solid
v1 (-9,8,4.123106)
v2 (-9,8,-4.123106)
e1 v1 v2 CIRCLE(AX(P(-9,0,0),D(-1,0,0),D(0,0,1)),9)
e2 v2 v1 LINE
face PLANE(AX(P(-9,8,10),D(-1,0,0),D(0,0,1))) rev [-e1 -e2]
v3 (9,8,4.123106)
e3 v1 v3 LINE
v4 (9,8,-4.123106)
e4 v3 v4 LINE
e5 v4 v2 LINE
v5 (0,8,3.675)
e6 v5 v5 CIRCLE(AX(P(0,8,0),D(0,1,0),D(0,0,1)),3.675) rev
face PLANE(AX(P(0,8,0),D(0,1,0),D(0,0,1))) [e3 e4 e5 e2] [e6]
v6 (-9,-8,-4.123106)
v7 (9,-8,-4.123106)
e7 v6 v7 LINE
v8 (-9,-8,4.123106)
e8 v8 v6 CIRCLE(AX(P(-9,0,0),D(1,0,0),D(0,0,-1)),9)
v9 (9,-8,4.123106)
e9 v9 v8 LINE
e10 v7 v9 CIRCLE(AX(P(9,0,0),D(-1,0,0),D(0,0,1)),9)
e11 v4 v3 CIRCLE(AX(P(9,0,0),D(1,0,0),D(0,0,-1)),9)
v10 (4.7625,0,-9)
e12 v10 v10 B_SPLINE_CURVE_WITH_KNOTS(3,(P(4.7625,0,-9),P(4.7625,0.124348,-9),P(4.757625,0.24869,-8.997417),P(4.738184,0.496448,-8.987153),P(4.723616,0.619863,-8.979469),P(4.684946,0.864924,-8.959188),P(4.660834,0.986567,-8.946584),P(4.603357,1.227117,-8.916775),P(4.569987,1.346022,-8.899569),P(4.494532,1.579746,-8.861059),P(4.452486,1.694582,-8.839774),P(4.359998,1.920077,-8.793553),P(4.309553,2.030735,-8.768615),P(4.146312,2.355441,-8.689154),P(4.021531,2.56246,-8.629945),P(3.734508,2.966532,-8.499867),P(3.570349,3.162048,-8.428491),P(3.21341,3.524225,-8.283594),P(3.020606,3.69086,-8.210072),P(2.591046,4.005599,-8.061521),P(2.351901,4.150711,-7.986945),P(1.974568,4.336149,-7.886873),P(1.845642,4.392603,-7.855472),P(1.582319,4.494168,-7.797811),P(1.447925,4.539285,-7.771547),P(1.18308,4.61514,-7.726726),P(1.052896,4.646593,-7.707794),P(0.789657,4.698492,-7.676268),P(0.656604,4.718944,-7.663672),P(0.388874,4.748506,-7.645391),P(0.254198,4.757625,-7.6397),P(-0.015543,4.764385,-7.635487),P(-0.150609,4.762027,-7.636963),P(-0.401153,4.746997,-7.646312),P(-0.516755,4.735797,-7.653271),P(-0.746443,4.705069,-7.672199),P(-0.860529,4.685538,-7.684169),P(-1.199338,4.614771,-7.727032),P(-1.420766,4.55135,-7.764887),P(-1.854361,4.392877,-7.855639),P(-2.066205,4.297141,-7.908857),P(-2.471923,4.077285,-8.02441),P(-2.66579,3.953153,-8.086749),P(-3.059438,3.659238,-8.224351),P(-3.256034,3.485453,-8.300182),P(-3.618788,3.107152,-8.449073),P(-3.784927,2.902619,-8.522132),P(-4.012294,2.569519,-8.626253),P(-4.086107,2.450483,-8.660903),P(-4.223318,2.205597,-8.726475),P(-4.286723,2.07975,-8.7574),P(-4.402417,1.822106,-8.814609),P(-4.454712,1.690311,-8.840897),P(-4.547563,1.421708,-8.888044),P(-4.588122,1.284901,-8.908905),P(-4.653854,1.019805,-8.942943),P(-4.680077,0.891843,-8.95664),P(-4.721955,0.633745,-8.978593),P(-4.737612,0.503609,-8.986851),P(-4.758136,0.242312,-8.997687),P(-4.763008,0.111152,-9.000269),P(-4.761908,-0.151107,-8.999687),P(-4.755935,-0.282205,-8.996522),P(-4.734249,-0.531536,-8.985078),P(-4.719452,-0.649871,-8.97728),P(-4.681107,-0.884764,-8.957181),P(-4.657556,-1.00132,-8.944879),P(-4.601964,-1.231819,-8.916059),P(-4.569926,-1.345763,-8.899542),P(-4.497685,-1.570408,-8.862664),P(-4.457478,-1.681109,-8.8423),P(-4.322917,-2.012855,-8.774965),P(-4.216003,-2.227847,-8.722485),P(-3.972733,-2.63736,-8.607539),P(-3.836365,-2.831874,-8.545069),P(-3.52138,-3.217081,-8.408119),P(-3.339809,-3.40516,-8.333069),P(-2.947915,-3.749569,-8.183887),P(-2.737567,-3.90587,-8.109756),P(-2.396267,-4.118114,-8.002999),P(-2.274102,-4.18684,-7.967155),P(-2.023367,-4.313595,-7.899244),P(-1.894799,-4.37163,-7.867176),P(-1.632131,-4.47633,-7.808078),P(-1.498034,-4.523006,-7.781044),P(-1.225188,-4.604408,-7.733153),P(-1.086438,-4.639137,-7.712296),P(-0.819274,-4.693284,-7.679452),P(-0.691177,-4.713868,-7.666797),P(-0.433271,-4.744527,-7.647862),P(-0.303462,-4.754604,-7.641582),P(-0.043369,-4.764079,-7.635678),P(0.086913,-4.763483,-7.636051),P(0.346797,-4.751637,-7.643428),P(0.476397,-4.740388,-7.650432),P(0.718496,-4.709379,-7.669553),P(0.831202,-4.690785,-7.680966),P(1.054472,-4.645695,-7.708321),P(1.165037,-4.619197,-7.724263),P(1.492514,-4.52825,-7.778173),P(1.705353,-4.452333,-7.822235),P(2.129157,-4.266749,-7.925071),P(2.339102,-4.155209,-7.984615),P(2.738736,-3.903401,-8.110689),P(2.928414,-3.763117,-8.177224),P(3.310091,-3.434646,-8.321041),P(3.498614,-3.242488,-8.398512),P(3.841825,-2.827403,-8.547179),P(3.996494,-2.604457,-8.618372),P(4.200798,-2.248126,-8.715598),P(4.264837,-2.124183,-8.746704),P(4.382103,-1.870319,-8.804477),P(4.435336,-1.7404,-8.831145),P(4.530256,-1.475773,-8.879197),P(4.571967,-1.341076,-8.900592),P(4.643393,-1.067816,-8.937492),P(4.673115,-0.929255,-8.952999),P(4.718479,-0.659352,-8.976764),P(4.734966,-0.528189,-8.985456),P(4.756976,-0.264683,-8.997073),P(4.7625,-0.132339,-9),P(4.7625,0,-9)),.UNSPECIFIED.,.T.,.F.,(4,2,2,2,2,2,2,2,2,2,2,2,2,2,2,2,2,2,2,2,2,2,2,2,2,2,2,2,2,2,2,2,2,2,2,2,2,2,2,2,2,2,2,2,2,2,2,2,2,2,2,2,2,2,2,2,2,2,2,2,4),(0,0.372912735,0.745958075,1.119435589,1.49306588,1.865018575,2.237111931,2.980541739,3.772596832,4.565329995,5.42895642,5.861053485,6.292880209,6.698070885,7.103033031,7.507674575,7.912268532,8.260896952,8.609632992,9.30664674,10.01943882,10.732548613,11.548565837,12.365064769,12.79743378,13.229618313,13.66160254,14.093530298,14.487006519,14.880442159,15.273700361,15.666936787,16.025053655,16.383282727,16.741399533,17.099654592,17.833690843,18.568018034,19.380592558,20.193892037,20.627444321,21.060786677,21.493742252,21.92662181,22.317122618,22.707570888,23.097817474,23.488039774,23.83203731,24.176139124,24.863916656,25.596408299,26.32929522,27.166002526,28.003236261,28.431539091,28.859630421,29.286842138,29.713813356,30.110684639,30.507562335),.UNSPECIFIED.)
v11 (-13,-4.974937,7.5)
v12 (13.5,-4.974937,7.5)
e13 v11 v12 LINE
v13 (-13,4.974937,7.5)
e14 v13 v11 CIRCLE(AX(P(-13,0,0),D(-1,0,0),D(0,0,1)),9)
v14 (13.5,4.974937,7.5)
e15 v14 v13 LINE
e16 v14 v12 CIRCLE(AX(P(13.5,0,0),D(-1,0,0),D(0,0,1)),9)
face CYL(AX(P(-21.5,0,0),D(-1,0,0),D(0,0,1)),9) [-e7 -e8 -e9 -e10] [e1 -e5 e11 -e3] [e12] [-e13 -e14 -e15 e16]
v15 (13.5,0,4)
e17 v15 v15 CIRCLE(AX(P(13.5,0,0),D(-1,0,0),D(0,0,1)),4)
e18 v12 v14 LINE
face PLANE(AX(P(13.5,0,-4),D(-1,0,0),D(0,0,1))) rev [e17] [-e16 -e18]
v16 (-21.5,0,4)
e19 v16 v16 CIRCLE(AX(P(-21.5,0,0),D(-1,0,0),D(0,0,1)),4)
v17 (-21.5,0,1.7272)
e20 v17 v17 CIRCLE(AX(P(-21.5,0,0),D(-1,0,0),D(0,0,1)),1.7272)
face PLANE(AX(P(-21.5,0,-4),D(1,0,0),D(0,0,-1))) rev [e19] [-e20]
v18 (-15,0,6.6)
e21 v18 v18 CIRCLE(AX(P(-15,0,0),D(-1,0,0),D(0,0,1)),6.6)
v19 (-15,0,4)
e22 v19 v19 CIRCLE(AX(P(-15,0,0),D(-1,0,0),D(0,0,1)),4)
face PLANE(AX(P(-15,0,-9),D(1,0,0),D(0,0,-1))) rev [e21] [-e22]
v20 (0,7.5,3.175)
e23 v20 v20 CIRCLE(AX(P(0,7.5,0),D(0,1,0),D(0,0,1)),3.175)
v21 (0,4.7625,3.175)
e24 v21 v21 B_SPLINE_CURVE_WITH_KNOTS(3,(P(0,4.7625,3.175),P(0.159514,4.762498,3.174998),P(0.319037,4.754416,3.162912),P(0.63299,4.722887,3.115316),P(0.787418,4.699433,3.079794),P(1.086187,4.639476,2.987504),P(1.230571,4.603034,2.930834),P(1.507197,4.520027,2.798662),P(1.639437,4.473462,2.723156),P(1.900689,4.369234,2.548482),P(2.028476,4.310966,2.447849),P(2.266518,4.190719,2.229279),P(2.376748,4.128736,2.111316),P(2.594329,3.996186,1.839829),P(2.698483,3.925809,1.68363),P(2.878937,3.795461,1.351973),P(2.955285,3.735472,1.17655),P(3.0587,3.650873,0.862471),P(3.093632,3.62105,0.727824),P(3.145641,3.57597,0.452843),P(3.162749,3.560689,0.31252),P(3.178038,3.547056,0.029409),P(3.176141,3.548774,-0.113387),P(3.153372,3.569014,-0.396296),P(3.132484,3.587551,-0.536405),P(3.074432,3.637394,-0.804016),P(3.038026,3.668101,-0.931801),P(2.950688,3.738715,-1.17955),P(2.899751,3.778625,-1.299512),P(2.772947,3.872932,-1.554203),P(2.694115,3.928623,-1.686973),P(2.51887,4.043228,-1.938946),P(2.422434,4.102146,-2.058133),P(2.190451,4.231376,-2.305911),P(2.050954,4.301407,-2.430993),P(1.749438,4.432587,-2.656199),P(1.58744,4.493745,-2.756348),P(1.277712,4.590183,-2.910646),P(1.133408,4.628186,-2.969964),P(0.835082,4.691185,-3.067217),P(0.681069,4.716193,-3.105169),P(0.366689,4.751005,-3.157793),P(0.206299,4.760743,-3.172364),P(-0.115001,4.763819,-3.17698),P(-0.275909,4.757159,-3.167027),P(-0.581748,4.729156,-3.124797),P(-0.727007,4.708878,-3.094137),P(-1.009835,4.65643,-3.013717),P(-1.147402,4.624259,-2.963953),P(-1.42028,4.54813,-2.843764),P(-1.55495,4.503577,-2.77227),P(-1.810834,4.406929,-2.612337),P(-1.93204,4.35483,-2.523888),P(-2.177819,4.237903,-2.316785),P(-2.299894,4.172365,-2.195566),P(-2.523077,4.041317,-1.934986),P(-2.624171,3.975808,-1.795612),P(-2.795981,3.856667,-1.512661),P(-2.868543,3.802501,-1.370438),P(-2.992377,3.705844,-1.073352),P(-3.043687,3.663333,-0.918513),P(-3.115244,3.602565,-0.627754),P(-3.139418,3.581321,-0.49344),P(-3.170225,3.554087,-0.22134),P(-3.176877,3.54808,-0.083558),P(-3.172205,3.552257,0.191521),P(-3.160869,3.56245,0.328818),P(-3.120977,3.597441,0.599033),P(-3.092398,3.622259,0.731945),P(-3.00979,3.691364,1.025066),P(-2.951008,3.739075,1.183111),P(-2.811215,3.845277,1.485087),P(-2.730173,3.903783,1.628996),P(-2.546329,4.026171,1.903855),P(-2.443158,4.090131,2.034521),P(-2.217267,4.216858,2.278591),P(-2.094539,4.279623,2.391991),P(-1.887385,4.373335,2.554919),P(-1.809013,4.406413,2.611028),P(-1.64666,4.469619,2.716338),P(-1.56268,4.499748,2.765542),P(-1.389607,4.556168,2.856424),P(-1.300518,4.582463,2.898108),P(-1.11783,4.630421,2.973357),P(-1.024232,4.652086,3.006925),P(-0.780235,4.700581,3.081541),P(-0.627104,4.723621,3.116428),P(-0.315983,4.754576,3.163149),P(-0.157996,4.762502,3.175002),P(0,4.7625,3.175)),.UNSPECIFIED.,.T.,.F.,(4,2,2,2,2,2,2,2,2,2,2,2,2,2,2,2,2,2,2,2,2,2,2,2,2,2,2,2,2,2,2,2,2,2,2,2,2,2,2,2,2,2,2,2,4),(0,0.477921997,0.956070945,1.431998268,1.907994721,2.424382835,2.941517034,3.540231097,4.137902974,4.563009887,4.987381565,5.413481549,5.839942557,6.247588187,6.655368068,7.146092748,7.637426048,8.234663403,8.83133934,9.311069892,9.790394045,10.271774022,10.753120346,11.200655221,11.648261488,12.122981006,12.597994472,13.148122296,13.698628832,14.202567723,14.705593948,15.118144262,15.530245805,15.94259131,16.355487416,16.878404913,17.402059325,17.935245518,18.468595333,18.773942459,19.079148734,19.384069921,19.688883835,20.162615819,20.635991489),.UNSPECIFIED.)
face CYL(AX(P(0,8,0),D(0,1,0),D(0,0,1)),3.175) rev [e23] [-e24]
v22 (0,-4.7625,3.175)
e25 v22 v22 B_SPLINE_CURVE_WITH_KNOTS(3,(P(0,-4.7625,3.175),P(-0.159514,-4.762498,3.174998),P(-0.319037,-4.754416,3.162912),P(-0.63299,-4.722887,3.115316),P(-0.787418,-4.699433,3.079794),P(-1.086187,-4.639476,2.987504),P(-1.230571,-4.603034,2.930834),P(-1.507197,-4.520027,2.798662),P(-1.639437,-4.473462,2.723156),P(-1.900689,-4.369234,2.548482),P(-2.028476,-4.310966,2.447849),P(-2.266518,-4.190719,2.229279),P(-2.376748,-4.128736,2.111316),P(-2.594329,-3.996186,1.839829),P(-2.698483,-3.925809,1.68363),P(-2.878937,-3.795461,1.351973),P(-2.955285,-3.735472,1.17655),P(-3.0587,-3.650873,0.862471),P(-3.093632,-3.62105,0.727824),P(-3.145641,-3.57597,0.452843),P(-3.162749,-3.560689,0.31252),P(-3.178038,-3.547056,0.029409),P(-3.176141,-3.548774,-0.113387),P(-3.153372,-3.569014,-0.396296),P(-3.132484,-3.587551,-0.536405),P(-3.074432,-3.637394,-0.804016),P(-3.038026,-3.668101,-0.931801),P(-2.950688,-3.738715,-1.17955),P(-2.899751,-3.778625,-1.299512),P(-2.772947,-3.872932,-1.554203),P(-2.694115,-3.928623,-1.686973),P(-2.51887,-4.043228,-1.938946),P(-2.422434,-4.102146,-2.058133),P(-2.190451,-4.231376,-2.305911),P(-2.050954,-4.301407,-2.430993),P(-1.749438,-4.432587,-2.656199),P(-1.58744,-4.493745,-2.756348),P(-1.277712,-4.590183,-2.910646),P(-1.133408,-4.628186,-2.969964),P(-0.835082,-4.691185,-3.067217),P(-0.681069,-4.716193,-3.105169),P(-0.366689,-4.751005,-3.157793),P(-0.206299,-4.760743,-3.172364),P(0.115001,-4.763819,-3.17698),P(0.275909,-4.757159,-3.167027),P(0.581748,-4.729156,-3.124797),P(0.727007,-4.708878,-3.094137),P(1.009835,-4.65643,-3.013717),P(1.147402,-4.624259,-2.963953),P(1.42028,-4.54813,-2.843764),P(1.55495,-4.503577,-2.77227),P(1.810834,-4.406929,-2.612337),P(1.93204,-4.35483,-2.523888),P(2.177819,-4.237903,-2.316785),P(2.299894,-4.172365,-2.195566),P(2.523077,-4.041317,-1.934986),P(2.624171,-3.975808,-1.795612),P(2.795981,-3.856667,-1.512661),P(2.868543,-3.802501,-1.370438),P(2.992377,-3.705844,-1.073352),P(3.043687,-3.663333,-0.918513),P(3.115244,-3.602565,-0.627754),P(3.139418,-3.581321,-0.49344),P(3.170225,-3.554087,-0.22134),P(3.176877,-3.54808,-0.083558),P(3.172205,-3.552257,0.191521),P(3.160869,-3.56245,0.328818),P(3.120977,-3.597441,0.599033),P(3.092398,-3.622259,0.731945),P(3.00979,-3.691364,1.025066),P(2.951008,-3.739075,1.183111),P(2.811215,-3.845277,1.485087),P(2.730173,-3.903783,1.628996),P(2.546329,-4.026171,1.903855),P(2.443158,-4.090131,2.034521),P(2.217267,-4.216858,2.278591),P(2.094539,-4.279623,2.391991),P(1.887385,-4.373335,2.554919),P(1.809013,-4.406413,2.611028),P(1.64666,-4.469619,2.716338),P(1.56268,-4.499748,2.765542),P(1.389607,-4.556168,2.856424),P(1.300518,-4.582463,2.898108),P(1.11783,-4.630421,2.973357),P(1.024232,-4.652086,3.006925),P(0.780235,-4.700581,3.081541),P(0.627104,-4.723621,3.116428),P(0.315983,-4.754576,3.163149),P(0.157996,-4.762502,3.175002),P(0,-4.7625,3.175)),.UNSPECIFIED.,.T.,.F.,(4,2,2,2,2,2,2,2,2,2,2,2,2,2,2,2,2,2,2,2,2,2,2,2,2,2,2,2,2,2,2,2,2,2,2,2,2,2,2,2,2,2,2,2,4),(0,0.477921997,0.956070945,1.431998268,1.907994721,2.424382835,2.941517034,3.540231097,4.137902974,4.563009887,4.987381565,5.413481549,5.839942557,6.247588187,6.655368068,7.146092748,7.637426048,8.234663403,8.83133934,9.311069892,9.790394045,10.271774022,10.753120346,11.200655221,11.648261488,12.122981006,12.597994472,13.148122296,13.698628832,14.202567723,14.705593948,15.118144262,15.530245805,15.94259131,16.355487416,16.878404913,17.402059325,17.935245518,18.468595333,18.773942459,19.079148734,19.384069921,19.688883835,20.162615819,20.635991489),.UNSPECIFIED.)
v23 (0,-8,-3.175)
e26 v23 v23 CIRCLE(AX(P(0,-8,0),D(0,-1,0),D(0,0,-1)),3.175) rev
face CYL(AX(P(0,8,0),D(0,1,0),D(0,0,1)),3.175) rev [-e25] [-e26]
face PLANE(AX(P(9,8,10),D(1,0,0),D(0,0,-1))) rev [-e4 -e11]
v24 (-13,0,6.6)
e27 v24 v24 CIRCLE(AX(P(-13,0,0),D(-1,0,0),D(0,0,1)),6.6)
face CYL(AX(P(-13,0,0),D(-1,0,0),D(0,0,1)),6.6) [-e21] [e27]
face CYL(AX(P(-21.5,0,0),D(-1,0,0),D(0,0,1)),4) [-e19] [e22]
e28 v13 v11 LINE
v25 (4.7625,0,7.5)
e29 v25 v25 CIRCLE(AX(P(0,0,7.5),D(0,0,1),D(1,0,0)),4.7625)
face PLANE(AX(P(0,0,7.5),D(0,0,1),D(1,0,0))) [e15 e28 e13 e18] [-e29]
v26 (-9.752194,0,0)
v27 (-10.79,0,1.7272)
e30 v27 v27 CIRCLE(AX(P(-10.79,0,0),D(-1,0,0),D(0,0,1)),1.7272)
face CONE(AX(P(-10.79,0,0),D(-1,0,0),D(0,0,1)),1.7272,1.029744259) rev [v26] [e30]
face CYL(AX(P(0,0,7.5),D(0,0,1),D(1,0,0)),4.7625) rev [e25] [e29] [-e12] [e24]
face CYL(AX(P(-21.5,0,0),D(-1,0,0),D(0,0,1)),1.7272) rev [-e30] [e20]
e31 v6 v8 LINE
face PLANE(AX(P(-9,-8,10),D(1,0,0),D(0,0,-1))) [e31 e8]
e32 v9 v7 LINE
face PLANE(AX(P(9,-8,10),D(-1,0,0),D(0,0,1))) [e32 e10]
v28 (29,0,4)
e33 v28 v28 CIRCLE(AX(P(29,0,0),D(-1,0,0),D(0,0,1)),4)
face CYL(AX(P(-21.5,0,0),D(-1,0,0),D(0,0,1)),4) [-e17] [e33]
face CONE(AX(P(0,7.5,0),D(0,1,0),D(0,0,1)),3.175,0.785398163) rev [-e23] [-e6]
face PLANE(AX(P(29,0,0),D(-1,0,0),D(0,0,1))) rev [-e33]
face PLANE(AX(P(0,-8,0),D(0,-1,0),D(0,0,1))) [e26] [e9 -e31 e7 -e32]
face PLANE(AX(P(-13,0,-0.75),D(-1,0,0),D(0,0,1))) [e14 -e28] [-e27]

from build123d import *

# Parameters (mm, degrees)
SKETCH2_W                  = 30
SKETCH2_H                  = 12.7
CUT_EXTRUDE1_DEPTH         = 1.5
F_8_32_TAPPED_HOLE1_D      = 3.4544
F_8_32_TAPPED_HOLE1_DEPTH  = 10.71
F_8_32_TAPPED_HOLE1_TIP    = 1.037806461
SKETCH7_OUTSIDE_W          = 29.718
SKETCH7_OUTSIDE_H          = 31.218
SKETCH7_OUTSIDE_R          = 6.6
CUT_EXTRUDE2_DEPTH         = 2
F_3_8_0_3750_DOWEL_HOLE2_D = 9.525
CUT_EXTRUDE4_START         = 9
SKETCH11_W                 = 18
SKETCH11_H                 = 20
CUT_EXTRUDE4_DEPTH         = 1
F_1_4_0_2500_DOWEL_HOLE1_D = 6.35
CHAMFER1_SIZE              = 0.5


with BuildPart() as part:
    # Sketch1 → Revolve1 (revolve)
    with BuildSketch(Plane(origin=(0, 0, 0), x_dir=(1, 0, 0), z_dir=(0, 1, 0)), mode=Mode.PRIVATE) as revolve1_sk:
        Polygon((-21.5, 0), (29, 0), (29, 4), (13.5, 4), (13.5, 9), (-15, 9), (-15, 4), (-21.5, 4), align=None)
    revolve(revolve1_sk.sketch.rotate(Axis((-21.5, 0, 0), (1, 0, 0)), 180), axis=Axis((-21.5, 0, 0), (1, 0, 0)))

    # Sketch2 → Cut-Extrude1 (cut)
    with BuildSketch(Plane.XY.offset(9)):
        Rectangle(SKETCH2_W, SKETCH2_H)
    extrude(amount=-CUT_EXTRUDE1_DEPTH, mode=Mode.SUBTRACT)

    # #8-32 Tapped Hole1
    with Locations(Plane.ZY.offset(21.5)):
        with Locations((0, 0)):
            Hole(F_8_32_TAPPED_HOLE1_D / 2, depth=F_8_32_TAPPED_HOLE1_DEPTH)
            with Locations((0, 0, -(F_8_32_TAPPED_HOLE1_DEPTH + F_8_32_TAPPED_HOLE1_TIP / 2))):  # 118° drill point
                Cone(0, F_8_32_TAPPED_HOLE1_D / 2, F_8_32_TAPPED_HOLE1_TIP, mode=Mode.SUBTRACT)

    # Sketch7 outside → Cut-Extrude2 (cut)
    with BuildSketch(Plane.ZY.offset(15)):
        with Locations((-0.75, 0)):
            Rectangle(SKETCH7_OUTSIDE_W, SKETCH7_OUTSIDE_H)
        Circle(SKETCH7_OUTSIDE_R, mode=Mode.SUBTRACT)
    extrude(amount=-CUT_EXTRUDE2_DEPTH, mode=Mode.SUBTRACT)

    # 3/8 (0.3750) Dowel Hole2 (through all)
    with Locations(Plane.XY.offset(7.5)):
        with Locations((0, 0)):
            Hole(F_3_8_0_3750_DOWEL_HOLE2_D / 2)

    # Sketch11 → Cut-Extrude4 (cut)
    with BuildSketch(Plane(origin=(0, 0, 0), x_dir=(1, 0, 0), z_dir=(0, 1, 0)).offset(CUT_EXTRUDE4_START)):
        Rectangle(SKETCH11_W, SKETCH11_H)
    cut_extrude4 = extrude(amount=-CUT_EXTRUDE4_DEPTH, mode=Mode.SUBTRACT)

    # 1/4 (0.2500) Dowel Hole1 (through all)
    with Locations(Plane(origin=(0, 8, 0), x_dir=(1, 0, 0), z_dir=(0, 1, 0))):
        with Locations((0, 0)):
            Hole(F_1_4_0_2500_DOWEL_HOLE1_D / 2)

    # Mirror1: Cut-Extrude4 across plane
    add(cut_extrude4.mirror(Plane.ZX), mode=Mode.SUBTRACT)

    # Chamfer1
    chamfer1_edges = [part.edges().sort_by_distance(p)[0] for p in [
        (3.175, 8, 0),
    ]]
    chamfer(chamfer1_edges, length=CHAMFER1_SIZE)


solid = part.part
